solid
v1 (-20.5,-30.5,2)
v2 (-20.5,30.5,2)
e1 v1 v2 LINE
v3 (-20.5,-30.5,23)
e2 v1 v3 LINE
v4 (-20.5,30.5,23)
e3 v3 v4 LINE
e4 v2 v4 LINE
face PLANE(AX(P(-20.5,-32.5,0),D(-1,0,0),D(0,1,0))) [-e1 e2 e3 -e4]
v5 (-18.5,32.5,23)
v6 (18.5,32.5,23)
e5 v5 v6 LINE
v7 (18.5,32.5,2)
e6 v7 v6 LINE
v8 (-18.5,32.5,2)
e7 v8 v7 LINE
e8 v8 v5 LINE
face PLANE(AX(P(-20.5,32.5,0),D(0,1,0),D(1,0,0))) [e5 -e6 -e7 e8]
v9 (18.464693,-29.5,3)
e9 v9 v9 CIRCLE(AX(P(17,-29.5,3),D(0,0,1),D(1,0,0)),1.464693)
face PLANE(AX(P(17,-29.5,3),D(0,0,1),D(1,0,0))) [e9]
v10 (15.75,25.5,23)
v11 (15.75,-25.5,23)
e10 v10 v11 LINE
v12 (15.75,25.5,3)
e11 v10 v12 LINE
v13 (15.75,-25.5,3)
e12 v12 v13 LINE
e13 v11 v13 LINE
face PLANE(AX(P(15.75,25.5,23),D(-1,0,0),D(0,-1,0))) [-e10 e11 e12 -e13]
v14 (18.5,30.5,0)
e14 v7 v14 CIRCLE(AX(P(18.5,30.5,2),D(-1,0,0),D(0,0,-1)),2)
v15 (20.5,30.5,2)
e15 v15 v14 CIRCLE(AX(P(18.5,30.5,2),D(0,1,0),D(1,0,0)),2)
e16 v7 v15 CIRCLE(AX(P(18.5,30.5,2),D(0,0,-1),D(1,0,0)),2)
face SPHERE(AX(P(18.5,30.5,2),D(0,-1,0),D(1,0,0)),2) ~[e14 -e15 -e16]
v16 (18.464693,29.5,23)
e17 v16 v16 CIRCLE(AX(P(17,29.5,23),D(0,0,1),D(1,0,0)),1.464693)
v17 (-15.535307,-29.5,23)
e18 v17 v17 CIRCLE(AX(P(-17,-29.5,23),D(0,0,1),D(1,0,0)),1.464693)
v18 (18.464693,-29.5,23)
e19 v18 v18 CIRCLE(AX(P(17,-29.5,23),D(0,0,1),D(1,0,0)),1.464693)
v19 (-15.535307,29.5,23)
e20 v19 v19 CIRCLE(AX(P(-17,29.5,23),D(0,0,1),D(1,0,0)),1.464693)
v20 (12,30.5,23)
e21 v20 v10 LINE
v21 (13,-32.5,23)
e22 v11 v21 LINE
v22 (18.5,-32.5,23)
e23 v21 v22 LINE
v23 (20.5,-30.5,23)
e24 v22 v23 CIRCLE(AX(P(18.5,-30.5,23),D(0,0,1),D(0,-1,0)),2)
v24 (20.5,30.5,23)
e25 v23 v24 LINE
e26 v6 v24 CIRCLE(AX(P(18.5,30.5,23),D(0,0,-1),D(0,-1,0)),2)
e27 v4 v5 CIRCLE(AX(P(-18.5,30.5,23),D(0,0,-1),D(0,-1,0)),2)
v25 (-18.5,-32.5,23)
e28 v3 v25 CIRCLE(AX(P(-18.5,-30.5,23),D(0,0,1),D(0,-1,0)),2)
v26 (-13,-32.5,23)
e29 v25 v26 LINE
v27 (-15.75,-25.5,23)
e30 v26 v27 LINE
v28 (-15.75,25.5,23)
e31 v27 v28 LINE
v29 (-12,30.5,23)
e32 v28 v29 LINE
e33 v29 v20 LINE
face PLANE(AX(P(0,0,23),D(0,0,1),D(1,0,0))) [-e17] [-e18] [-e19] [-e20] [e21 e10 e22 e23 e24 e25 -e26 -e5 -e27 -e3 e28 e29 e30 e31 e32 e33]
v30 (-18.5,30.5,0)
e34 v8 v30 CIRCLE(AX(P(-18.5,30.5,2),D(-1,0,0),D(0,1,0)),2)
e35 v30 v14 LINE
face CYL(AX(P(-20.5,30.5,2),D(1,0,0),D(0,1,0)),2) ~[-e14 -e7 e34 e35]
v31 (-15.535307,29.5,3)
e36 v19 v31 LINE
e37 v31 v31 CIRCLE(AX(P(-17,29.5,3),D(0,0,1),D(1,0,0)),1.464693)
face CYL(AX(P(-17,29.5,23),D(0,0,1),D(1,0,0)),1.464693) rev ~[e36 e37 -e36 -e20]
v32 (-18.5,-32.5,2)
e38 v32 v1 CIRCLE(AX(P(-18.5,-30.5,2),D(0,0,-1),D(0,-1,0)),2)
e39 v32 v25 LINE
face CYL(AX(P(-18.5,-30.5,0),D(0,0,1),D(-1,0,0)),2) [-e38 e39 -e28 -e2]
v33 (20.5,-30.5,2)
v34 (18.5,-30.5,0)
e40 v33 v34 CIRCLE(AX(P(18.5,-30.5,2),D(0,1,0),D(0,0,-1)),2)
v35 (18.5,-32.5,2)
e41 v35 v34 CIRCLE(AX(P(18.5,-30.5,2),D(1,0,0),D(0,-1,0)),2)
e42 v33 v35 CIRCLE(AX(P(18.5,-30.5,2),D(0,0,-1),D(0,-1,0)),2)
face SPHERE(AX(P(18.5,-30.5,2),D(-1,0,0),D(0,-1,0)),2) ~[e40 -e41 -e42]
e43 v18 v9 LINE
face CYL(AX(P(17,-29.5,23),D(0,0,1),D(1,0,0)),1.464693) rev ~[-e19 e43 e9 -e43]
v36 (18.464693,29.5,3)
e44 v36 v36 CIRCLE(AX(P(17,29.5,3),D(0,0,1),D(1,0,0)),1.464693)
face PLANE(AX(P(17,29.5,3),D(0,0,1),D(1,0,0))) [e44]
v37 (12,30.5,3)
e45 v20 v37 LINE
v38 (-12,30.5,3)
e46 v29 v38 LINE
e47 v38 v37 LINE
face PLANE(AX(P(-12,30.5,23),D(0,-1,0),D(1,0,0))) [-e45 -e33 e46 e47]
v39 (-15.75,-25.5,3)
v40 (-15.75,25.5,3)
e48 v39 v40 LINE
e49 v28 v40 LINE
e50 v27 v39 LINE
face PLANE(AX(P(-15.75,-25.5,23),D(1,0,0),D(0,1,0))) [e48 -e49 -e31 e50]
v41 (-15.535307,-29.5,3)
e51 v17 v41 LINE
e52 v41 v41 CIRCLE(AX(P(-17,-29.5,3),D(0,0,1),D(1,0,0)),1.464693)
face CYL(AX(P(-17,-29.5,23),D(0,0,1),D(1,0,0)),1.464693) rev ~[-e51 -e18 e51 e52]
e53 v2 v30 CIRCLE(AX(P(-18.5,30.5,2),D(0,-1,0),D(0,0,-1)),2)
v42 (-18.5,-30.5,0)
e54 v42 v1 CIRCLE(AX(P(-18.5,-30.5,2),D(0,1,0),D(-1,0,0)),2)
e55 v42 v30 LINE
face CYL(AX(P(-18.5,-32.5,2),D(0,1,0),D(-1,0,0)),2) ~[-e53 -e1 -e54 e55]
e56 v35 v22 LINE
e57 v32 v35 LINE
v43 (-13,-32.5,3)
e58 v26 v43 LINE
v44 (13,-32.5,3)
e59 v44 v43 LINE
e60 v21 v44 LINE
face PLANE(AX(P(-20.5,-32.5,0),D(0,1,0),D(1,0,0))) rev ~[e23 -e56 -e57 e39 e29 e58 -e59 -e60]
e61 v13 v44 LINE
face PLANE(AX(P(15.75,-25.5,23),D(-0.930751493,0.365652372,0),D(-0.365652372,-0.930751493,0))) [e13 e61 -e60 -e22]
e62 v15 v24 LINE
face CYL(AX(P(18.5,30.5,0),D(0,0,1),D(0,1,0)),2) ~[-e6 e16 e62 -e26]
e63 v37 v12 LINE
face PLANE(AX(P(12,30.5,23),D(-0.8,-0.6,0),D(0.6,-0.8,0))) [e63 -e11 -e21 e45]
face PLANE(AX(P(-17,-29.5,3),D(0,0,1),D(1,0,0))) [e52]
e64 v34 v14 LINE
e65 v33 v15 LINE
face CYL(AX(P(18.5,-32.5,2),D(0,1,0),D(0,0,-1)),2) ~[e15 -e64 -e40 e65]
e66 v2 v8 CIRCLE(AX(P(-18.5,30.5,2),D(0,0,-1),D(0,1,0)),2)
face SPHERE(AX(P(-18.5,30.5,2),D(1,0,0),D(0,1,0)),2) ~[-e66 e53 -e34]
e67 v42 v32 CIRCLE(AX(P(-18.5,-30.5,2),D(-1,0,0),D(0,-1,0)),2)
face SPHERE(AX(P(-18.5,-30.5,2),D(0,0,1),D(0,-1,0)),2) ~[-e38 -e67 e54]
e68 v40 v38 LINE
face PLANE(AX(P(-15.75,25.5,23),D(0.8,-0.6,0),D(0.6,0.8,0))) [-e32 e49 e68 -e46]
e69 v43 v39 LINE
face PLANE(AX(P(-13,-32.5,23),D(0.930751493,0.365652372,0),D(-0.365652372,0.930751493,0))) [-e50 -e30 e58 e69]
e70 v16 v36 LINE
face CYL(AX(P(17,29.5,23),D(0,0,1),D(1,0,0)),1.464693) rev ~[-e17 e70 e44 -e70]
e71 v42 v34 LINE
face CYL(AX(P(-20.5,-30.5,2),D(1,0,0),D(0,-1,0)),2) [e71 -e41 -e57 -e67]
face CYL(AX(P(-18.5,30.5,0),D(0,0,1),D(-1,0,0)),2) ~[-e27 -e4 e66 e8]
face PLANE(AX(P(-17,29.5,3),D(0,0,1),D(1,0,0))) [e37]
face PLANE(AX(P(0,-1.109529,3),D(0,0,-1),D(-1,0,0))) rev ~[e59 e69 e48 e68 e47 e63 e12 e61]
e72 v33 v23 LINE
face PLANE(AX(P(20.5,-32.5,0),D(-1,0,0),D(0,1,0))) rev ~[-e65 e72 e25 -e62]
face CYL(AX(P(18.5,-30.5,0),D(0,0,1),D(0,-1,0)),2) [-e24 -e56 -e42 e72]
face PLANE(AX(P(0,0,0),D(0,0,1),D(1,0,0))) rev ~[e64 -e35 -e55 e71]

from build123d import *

# Parameters (mm, degrees)
SKETCH_W     = 41
SKETCH_H     = 65
PAD_DEPTH    = 23
SKETCH001_R  = 1.464693
POCKET_DEPTH = 20
FILLET_R     = 2


with BuildPart() as part:
    # Sketch → Pad (new body)
    with BuildSketch(Plane.XY):
        Rectangle(SKETCH_W, SKETCH_H)
    extrude(amount=PAD_DEPTH)

    # Sketch001 → Pocket (cut)
    with BuildSketch(Plane.XY.offset(23)):
        with Locations((17, 29.5)):
            Circle(SKETCH001_R)
        with Locations((-17, 29.5)):
            Circle(SKETCH001_R)
        with Locations((17, -29.5)):
            Circle(SKETCH001_R)
        with Locations((-17, -29.5)):
            Circle(SKETCH001_R)
        Polygon((-12, 30.5), (12, 30.5), (15.75, 25.5), (15.75, -25.5), (13, -32.5), (-13, -32.5), (-15.75, -25.5), (-15.75, 25.5), align=None)
    extrude(amount=-POCKET_DEPTH, mode=Mode.SUBTRACT)

    # Fillet
    fillet_edges = [part.edges().sort_by_distance(p)[0] for p in [
        (-20.5, -32.5, 11.5),
        (0, -32.5, 0),
        (20.5, -32.5, 11.5),
        (20.5, 0, 0),
        (20.5, 32.5, 11.5),
        (0, 32.5, 0),
        (-20.5, 32.5, 11.5),
        (-20.5, 0, 0),
    ]]
    fillet(fillet_edges, radius=FILLET_R)


solid = part.part
